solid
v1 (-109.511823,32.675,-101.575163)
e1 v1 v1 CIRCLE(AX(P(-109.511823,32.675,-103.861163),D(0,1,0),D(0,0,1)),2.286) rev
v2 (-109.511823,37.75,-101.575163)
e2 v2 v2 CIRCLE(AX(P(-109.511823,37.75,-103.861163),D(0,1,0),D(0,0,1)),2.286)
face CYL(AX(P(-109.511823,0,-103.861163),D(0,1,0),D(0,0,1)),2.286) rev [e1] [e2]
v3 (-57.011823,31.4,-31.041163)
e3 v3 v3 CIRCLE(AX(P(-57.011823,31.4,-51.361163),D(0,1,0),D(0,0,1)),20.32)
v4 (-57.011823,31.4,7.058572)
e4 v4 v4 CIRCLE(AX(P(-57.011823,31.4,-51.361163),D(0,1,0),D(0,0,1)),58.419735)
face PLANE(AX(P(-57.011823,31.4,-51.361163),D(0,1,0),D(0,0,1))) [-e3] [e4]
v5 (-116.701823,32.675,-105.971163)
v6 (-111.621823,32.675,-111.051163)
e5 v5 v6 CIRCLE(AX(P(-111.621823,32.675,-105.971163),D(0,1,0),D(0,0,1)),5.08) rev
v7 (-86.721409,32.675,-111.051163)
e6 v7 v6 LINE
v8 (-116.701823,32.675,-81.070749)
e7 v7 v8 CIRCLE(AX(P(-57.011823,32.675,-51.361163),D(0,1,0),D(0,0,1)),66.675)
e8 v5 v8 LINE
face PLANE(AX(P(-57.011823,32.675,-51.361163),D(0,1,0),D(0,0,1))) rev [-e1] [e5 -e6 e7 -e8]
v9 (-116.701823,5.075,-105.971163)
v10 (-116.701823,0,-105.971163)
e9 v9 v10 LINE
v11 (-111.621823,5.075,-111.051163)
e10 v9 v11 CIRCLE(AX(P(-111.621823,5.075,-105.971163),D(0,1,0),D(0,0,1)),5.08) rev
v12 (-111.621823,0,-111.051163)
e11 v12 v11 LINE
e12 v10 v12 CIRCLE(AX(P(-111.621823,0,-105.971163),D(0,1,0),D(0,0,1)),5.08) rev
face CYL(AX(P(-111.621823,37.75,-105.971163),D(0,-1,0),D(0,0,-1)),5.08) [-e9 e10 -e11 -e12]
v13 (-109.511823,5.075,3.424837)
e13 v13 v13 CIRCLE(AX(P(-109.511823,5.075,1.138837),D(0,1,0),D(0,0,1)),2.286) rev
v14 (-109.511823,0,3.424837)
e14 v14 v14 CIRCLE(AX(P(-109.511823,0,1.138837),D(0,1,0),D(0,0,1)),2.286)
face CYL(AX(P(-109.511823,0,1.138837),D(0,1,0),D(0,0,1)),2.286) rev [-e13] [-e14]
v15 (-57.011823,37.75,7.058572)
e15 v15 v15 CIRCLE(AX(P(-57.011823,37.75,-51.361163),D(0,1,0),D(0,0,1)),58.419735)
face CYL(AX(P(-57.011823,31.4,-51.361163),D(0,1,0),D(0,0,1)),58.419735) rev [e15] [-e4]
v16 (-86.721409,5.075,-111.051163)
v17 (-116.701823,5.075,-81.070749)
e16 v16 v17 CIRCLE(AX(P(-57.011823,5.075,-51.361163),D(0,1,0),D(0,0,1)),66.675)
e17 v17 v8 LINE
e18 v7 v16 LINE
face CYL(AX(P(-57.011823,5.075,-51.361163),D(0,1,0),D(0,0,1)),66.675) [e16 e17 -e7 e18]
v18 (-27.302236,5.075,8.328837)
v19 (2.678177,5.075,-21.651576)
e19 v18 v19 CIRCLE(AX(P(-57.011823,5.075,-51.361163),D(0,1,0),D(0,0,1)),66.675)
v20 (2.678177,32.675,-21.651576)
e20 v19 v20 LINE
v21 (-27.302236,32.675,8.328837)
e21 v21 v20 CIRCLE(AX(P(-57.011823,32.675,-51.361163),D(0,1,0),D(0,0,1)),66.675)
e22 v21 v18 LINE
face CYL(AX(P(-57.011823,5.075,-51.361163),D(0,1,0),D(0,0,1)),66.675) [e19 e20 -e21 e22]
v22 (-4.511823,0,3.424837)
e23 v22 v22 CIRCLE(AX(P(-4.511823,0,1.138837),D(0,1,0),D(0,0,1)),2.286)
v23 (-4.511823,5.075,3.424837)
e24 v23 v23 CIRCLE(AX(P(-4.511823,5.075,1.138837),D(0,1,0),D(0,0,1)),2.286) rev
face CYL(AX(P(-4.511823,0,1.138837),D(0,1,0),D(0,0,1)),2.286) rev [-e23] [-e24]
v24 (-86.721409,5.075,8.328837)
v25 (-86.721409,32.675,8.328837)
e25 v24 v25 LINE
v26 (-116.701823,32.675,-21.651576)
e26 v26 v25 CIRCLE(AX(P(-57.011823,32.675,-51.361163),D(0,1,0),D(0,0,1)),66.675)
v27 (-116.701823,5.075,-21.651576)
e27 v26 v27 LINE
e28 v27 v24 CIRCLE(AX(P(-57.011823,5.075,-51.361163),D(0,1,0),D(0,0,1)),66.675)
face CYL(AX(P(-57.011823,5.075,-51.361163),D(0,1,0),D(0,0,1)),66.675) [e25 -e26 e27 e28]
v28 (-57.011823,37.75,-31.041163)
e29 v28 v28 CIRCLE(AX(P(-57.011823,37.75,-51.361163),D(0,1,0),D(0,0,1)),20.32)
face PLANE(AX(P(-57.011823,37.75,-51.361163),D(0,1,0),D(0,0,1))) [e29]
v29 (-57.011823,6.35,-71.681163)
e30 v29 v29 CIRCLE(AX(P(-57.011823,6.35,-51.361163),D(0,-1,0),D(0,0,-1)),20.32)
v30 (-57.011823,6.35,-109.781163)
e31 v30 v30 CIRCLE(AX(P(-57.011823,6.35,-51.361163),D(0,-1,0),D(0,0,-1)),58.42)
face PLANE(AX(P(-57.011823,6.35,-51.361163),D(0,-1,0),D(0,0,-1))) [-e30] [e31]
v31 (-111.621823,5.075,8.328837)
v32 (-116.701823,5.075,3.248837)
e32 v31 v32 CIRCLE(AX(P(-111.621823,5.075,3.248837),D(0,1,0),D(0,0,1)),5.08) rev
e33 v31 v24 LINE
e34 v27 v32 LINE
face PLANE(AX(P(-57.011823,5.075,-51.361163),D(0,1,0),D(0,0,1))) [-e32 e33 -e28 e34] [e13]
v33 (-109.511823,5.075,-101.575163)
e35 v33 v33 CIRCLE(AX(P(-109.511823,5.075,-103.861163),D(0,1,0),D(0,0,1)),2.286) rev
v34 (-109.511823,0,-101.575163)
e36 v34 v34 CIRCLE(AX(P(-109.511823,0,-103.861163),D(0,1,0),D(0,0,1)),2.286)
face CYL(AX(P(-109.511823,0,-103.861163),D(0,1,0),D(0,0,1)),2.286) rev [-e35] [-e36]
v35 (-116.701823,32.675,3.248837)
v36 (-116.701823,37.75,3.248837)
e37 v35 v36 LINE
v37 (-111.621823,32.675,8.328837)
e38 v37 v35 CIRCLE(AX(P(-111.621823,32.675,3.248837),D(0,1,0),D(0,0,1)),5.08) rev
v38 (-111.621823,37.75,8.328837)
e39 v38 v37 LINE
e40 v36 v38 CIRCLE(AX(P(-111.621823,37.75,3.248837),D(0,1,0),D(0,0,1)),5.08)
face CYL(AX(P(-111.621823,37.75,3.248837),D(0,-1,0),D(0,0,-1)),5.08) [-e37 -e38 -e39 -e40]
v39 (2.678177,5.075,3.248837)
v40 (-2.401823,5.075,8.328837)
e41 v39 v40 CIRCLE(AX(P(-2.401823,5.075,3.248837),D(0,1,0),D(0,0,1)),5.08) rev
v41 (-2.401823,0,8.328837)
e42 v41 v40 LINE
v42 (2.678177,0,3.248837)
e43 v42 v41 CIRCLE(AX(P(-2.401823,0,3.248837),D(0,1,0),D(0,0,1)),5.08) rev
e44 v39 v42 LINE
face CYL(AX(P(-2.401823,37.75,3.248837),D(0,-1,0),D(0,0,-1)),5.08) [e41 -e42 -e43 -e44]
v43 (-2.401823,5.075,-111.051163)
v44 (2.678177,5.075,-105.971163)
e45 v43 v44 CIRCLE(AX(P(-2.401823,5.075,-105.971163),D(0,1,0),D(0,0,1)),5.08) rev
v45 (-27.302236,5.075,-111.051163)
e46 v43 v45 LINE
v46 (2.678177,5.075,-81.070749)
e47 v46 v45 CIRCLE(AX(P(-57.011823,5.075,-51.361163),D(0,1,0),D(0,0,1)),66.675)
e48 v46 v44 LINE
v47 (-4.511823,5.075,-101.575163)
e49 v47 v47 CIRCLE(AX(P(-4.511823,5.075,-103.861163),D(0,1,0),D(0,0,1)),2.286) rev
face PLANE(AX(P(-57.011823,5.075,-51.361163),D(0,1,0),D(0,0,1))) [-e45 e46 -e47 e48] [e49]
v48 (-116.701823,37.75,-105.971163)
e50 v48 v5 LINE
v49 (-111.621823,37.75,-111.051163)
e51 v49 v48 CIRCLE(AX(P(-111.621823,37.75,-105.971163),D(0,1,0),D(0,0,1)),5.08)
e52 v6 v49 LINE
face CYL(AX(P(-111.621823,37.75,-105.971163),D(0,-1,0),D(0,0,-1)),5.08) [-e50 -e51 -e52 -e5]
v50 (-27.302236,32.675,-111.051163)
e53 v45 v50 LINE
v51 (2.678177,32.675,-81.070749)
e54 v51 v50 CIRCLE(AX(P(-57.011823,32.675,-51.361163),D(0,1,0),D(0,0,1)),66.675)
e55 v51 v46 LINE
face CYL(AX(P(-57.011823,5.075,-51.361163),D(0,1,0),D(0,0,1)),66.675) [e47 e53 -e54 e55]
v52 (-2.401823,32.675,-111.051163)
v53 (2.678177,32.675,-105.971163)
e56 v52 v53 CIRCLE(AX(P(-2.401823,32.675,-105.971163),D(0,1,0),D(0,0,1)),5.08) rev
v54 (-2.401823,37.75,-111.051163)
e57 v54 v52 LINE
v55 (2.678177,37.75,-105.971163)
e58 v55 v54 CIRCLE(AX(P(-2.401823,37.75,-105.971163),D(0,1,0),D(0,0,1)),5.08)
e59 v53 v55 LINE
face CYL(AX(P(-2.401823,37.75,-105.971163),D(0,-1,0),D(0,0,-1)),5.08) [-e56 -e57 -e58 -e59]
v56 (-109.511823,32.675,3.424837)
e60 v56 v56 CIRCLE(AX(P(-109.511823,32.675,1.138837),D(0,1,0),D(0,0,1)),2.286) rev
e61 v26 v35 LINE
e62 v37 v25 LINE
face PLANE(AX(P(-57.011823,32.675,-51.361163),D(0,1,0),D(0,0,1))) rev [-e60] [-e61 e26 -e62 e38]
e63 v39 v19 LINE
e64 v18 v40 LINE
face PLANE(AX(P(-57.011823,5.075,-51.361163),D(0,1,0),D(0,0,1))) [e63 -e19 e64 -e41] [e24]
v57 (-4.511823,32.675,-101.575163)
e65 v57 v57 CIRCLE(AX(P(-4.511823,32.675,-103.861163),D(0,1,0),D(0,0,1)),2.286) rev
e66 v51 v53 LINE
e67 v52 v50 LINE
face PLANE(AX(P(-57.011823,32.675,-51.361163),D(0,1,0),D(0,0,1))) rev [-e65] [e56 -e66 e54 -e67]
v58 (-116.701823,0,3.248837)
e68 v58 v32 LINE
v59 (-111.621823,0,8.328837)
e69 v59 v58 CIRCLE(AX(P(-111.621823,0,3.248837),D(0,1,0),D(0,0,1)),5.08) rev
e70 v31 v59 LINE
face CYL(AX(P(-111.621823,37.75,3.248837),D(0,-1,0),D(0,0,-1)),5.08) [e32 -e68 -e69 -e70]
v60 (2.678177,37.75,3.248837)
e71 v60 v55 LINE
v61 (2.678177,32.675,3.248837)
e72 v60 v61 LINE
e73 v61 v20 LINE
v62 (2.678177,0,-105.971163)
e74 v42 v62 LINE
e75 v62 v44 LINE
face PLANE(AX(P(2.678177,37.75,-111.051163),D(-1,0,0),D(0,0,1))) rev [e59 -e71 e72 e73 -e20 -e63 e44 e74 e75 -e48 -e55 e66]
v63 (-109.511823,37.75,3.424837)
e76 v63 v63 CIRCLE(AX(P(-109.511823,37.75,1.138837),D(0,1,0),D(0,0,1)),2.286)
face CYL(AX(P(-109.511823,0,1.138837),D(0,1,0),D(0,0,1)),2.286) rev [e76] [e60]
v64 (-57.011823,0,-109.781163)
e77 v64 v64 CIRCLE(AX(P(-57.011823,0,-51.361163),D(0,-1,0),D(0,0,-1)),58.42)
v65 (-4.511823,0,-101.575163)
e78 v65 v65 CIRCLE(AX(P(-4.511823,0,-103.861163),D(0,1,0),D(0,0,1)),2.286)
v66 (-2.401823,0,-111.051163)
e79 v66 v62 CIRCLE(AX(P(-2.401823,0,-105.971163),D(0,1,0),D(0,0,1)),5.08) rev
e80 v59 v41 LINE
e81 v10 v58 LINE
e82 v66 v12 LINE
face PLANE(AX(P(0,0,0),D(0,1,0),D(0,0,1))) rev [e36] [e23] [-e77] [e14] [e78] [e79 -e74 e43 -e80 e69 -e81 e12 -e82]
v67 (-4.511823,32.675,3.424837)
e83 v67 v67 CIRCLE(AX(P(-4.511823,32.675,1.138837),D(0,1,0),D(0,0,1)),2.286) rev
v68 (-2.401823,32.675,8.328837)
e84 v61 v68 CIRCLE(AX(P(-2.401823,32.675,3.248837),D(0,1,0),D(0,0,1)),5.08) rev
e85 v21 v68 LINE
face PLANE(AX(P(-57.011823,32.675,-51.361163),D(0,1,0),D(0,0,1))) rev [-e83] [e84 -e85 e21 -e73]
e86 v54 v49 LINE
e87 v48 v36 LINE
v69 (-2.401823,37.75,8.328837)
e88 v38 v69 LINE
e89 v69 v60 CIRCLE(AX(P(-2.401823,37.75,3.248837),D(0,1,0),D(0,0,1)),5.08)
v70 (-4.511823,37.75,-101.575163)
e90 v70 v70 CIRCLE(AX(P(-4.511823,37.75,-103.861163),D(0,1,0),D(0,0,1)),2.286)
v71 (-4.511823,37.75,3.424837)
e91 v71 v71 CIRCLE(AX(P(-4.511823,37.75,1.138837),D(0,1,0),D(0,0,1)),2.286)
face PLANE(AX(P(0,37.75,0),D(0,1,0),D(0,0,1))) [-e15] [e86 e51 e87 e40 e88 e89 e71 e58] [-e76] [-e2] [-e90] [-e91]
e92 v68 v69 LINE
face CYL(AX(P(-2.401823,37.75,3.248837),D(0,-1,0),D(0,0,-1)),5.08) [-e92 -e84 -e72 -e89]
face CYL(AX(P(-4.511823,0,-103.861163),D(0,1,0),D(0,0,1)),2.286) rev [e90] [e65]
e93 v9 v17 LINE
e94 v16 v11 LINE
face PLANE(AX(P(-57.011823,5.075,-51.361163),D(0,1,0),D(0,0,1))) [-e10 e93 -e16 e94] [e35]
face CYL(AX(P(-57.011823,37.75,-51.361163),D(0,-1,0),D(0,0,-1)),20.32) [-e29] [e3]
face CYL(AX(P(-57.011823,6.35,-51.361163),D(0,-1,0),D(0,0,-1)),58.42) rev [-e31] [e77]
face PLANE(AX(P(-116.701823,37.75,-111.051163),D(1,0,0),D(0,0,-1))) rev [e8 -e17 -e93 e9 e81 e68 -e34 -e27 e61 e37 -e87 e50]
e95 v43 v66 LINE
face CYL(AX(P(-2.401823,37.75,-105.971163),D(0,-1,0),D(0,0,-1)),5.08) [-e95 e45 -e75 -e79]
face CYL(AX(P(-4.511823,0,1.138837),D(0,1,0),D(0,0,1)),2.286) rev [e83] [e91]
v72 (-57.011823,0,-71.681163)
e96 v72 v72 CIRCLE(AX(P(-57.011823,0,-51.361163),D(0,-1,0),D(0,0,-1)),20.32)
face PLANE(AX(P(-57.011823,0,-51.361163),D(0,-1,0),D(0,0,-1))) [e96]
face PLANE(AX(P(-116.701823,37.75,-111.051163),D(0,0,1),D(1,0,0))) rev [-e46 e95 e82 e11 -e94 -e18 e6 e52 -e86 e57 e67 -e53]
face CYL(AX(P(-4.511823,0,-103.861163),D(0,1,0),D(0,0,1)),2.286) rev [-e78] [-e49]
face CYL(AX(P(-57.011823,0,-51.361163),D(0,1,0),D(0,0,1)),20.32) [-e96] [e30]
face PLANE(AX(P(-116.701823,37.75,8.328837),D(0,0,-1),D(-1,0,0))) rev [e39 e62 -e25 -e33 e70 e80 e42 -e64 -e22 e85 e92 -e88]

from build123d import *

# Parameters (mm, degrees)
SKETCH1_W           = 119.38
SKETCH1_H           = 119.38
BOSS_EXTRUDE1_DEPTH = 37.75
SKETCH2_R           = 2.286
CUT_EXTRUDE1_DEPTH  = 38.75
SKETCH3_R           = 58.41973455
CUT_EXTRUDE2_DEPTH  = 6.35
SKETCH4_R           = 58.42
CUT_EXTRUDE3_DEPTH  = 6.35
SKETCH5_R           = 20.32
BOSS_EXTRUDE2_DEPTH = 6.35
SKETCH6_R           = 20.32
BOSS_EXTRUDE3_DEPTH = 6.35
FILLET1_R           = 5.08
SKETCH7_R           = 88.9
SKETCH7_R_2         = 66.675
CUT_EXTRUDE5_DEPTH  = 13.8


with BuildPart() as part:
    # Sketch1 → Boss-Extrude1 (new body)
    with BuildSketch(Plane(origin=(0, 0, 0), x_dir=(1, 0, 0), z_dir=(0, 1, 0))):
        with Locations((-57.011822664, 51.361162791)):
            Rectangle(SKETCH1_W, SKETCH1_H)
    extrude(amount=BOSS_EXTRUDE1_DEPTH)

    # Sketch2 → Cut-Extrude1 (cut, through all)
    with BuildSketch(Plane(origin=(0, 37.75, 0), x_dir=(1, 0, 0), z_dir=(0, 1, 0))):
        with Locations((-109.511822664, 103.861162791)):
            Circle(SKETCH2_R)
        with Locations((-4.511822664, 103.861162791)):
            Circle(SKETCH2_R)
        with Locations((-4.511822664, -1.138837209)):
            Circle(SKETCH2_R)
        with Locations((-109.511822664, -1.138837209)):
            Circle(SKETCH2_R)
    extrude(amount=-CUT_EXTRUDE1_DEPTH, mode=Mode.SUBTRACT)

    # Sketch3 → Cut-Extrude2 (cut)
    with BuildSketch(Plane(origin=(0, 37.75, 0), x_dir=(1, 0, 0), z_dir=(0, 1, 0))):
        with Locations((-57.011822664, 51.361162791)):
            Circle(SKETCH3_R)
    extrude(amount=-CUT_EXTRUDE2_DEPTH, mode=Mode.SUBTRACT)

    # Sketch4 → Cut-Extrude3 (cut)
    with BuildSketch(Plane.XZ):
        with Locations((-57.011822664, -51.361162791)):
            Circle(SKETCH4_R)
    extrude(amount=-CUT_EXTRUDE3_DEPTH, mode=Mode.SUBTRACT)

    # Sketch5 → Boss-Extrude2 (add)
    with BuildSketch(Plane.XZ.offset(-6.35)):
        with Locations((-57.011822664, -51.361162791)):
            Circle(SKETCH5_R)
    extrude(amount=BOSS_EXTRUDE2_DEPTH)

    # Sketch6 → Boss-Extrude3 (add)
    with BuildSketch(Plane(origin=(0, 31.4, 0), x_dir=(1, 0, 0), z_dir=(0, 1, 0))):
        with Locations((-57.011822664, 51.361162791)):
            Circle(SKETCH6_R)
    extrude(amount=BOSS_EXTRUDE3_DEPTH)

    # Fillet1
    fillet1_edges = [part.edges().sort_by_distance(p)[0] for p in [
        (2.678177336, 18.875, 8.328837209),
        (-116.701822664, 18.875, 8.328837209),
        (-116.701822664, 18.875, -111.051162791),
        (2.678177336, 18.875, -111.051162791),
    ]]
    fillet(fillet1_edges, radius=FILLET1_R)

    # Sketch7 → Cut-Extrude5 (cut, symmetric)
    with BuildSketch(Plane(origin=(0, 18.875, 0), x_dir=(1, 0, 0), z_dir=(0, 1, 0))):
        with Locations((-57.011822664, 51.361162791)):
            Circle(SKETCH7_R)
        with Locations((-57.011822664, 51.361162791)):
            Circle(SKETCH7_R_2, mode=Mode.SUBTRACT)
    extrude(amount=CUT_EXTRUDE5_DEPTH, both=True, mode=Mode.SUBTRACT)


solid = part.part
